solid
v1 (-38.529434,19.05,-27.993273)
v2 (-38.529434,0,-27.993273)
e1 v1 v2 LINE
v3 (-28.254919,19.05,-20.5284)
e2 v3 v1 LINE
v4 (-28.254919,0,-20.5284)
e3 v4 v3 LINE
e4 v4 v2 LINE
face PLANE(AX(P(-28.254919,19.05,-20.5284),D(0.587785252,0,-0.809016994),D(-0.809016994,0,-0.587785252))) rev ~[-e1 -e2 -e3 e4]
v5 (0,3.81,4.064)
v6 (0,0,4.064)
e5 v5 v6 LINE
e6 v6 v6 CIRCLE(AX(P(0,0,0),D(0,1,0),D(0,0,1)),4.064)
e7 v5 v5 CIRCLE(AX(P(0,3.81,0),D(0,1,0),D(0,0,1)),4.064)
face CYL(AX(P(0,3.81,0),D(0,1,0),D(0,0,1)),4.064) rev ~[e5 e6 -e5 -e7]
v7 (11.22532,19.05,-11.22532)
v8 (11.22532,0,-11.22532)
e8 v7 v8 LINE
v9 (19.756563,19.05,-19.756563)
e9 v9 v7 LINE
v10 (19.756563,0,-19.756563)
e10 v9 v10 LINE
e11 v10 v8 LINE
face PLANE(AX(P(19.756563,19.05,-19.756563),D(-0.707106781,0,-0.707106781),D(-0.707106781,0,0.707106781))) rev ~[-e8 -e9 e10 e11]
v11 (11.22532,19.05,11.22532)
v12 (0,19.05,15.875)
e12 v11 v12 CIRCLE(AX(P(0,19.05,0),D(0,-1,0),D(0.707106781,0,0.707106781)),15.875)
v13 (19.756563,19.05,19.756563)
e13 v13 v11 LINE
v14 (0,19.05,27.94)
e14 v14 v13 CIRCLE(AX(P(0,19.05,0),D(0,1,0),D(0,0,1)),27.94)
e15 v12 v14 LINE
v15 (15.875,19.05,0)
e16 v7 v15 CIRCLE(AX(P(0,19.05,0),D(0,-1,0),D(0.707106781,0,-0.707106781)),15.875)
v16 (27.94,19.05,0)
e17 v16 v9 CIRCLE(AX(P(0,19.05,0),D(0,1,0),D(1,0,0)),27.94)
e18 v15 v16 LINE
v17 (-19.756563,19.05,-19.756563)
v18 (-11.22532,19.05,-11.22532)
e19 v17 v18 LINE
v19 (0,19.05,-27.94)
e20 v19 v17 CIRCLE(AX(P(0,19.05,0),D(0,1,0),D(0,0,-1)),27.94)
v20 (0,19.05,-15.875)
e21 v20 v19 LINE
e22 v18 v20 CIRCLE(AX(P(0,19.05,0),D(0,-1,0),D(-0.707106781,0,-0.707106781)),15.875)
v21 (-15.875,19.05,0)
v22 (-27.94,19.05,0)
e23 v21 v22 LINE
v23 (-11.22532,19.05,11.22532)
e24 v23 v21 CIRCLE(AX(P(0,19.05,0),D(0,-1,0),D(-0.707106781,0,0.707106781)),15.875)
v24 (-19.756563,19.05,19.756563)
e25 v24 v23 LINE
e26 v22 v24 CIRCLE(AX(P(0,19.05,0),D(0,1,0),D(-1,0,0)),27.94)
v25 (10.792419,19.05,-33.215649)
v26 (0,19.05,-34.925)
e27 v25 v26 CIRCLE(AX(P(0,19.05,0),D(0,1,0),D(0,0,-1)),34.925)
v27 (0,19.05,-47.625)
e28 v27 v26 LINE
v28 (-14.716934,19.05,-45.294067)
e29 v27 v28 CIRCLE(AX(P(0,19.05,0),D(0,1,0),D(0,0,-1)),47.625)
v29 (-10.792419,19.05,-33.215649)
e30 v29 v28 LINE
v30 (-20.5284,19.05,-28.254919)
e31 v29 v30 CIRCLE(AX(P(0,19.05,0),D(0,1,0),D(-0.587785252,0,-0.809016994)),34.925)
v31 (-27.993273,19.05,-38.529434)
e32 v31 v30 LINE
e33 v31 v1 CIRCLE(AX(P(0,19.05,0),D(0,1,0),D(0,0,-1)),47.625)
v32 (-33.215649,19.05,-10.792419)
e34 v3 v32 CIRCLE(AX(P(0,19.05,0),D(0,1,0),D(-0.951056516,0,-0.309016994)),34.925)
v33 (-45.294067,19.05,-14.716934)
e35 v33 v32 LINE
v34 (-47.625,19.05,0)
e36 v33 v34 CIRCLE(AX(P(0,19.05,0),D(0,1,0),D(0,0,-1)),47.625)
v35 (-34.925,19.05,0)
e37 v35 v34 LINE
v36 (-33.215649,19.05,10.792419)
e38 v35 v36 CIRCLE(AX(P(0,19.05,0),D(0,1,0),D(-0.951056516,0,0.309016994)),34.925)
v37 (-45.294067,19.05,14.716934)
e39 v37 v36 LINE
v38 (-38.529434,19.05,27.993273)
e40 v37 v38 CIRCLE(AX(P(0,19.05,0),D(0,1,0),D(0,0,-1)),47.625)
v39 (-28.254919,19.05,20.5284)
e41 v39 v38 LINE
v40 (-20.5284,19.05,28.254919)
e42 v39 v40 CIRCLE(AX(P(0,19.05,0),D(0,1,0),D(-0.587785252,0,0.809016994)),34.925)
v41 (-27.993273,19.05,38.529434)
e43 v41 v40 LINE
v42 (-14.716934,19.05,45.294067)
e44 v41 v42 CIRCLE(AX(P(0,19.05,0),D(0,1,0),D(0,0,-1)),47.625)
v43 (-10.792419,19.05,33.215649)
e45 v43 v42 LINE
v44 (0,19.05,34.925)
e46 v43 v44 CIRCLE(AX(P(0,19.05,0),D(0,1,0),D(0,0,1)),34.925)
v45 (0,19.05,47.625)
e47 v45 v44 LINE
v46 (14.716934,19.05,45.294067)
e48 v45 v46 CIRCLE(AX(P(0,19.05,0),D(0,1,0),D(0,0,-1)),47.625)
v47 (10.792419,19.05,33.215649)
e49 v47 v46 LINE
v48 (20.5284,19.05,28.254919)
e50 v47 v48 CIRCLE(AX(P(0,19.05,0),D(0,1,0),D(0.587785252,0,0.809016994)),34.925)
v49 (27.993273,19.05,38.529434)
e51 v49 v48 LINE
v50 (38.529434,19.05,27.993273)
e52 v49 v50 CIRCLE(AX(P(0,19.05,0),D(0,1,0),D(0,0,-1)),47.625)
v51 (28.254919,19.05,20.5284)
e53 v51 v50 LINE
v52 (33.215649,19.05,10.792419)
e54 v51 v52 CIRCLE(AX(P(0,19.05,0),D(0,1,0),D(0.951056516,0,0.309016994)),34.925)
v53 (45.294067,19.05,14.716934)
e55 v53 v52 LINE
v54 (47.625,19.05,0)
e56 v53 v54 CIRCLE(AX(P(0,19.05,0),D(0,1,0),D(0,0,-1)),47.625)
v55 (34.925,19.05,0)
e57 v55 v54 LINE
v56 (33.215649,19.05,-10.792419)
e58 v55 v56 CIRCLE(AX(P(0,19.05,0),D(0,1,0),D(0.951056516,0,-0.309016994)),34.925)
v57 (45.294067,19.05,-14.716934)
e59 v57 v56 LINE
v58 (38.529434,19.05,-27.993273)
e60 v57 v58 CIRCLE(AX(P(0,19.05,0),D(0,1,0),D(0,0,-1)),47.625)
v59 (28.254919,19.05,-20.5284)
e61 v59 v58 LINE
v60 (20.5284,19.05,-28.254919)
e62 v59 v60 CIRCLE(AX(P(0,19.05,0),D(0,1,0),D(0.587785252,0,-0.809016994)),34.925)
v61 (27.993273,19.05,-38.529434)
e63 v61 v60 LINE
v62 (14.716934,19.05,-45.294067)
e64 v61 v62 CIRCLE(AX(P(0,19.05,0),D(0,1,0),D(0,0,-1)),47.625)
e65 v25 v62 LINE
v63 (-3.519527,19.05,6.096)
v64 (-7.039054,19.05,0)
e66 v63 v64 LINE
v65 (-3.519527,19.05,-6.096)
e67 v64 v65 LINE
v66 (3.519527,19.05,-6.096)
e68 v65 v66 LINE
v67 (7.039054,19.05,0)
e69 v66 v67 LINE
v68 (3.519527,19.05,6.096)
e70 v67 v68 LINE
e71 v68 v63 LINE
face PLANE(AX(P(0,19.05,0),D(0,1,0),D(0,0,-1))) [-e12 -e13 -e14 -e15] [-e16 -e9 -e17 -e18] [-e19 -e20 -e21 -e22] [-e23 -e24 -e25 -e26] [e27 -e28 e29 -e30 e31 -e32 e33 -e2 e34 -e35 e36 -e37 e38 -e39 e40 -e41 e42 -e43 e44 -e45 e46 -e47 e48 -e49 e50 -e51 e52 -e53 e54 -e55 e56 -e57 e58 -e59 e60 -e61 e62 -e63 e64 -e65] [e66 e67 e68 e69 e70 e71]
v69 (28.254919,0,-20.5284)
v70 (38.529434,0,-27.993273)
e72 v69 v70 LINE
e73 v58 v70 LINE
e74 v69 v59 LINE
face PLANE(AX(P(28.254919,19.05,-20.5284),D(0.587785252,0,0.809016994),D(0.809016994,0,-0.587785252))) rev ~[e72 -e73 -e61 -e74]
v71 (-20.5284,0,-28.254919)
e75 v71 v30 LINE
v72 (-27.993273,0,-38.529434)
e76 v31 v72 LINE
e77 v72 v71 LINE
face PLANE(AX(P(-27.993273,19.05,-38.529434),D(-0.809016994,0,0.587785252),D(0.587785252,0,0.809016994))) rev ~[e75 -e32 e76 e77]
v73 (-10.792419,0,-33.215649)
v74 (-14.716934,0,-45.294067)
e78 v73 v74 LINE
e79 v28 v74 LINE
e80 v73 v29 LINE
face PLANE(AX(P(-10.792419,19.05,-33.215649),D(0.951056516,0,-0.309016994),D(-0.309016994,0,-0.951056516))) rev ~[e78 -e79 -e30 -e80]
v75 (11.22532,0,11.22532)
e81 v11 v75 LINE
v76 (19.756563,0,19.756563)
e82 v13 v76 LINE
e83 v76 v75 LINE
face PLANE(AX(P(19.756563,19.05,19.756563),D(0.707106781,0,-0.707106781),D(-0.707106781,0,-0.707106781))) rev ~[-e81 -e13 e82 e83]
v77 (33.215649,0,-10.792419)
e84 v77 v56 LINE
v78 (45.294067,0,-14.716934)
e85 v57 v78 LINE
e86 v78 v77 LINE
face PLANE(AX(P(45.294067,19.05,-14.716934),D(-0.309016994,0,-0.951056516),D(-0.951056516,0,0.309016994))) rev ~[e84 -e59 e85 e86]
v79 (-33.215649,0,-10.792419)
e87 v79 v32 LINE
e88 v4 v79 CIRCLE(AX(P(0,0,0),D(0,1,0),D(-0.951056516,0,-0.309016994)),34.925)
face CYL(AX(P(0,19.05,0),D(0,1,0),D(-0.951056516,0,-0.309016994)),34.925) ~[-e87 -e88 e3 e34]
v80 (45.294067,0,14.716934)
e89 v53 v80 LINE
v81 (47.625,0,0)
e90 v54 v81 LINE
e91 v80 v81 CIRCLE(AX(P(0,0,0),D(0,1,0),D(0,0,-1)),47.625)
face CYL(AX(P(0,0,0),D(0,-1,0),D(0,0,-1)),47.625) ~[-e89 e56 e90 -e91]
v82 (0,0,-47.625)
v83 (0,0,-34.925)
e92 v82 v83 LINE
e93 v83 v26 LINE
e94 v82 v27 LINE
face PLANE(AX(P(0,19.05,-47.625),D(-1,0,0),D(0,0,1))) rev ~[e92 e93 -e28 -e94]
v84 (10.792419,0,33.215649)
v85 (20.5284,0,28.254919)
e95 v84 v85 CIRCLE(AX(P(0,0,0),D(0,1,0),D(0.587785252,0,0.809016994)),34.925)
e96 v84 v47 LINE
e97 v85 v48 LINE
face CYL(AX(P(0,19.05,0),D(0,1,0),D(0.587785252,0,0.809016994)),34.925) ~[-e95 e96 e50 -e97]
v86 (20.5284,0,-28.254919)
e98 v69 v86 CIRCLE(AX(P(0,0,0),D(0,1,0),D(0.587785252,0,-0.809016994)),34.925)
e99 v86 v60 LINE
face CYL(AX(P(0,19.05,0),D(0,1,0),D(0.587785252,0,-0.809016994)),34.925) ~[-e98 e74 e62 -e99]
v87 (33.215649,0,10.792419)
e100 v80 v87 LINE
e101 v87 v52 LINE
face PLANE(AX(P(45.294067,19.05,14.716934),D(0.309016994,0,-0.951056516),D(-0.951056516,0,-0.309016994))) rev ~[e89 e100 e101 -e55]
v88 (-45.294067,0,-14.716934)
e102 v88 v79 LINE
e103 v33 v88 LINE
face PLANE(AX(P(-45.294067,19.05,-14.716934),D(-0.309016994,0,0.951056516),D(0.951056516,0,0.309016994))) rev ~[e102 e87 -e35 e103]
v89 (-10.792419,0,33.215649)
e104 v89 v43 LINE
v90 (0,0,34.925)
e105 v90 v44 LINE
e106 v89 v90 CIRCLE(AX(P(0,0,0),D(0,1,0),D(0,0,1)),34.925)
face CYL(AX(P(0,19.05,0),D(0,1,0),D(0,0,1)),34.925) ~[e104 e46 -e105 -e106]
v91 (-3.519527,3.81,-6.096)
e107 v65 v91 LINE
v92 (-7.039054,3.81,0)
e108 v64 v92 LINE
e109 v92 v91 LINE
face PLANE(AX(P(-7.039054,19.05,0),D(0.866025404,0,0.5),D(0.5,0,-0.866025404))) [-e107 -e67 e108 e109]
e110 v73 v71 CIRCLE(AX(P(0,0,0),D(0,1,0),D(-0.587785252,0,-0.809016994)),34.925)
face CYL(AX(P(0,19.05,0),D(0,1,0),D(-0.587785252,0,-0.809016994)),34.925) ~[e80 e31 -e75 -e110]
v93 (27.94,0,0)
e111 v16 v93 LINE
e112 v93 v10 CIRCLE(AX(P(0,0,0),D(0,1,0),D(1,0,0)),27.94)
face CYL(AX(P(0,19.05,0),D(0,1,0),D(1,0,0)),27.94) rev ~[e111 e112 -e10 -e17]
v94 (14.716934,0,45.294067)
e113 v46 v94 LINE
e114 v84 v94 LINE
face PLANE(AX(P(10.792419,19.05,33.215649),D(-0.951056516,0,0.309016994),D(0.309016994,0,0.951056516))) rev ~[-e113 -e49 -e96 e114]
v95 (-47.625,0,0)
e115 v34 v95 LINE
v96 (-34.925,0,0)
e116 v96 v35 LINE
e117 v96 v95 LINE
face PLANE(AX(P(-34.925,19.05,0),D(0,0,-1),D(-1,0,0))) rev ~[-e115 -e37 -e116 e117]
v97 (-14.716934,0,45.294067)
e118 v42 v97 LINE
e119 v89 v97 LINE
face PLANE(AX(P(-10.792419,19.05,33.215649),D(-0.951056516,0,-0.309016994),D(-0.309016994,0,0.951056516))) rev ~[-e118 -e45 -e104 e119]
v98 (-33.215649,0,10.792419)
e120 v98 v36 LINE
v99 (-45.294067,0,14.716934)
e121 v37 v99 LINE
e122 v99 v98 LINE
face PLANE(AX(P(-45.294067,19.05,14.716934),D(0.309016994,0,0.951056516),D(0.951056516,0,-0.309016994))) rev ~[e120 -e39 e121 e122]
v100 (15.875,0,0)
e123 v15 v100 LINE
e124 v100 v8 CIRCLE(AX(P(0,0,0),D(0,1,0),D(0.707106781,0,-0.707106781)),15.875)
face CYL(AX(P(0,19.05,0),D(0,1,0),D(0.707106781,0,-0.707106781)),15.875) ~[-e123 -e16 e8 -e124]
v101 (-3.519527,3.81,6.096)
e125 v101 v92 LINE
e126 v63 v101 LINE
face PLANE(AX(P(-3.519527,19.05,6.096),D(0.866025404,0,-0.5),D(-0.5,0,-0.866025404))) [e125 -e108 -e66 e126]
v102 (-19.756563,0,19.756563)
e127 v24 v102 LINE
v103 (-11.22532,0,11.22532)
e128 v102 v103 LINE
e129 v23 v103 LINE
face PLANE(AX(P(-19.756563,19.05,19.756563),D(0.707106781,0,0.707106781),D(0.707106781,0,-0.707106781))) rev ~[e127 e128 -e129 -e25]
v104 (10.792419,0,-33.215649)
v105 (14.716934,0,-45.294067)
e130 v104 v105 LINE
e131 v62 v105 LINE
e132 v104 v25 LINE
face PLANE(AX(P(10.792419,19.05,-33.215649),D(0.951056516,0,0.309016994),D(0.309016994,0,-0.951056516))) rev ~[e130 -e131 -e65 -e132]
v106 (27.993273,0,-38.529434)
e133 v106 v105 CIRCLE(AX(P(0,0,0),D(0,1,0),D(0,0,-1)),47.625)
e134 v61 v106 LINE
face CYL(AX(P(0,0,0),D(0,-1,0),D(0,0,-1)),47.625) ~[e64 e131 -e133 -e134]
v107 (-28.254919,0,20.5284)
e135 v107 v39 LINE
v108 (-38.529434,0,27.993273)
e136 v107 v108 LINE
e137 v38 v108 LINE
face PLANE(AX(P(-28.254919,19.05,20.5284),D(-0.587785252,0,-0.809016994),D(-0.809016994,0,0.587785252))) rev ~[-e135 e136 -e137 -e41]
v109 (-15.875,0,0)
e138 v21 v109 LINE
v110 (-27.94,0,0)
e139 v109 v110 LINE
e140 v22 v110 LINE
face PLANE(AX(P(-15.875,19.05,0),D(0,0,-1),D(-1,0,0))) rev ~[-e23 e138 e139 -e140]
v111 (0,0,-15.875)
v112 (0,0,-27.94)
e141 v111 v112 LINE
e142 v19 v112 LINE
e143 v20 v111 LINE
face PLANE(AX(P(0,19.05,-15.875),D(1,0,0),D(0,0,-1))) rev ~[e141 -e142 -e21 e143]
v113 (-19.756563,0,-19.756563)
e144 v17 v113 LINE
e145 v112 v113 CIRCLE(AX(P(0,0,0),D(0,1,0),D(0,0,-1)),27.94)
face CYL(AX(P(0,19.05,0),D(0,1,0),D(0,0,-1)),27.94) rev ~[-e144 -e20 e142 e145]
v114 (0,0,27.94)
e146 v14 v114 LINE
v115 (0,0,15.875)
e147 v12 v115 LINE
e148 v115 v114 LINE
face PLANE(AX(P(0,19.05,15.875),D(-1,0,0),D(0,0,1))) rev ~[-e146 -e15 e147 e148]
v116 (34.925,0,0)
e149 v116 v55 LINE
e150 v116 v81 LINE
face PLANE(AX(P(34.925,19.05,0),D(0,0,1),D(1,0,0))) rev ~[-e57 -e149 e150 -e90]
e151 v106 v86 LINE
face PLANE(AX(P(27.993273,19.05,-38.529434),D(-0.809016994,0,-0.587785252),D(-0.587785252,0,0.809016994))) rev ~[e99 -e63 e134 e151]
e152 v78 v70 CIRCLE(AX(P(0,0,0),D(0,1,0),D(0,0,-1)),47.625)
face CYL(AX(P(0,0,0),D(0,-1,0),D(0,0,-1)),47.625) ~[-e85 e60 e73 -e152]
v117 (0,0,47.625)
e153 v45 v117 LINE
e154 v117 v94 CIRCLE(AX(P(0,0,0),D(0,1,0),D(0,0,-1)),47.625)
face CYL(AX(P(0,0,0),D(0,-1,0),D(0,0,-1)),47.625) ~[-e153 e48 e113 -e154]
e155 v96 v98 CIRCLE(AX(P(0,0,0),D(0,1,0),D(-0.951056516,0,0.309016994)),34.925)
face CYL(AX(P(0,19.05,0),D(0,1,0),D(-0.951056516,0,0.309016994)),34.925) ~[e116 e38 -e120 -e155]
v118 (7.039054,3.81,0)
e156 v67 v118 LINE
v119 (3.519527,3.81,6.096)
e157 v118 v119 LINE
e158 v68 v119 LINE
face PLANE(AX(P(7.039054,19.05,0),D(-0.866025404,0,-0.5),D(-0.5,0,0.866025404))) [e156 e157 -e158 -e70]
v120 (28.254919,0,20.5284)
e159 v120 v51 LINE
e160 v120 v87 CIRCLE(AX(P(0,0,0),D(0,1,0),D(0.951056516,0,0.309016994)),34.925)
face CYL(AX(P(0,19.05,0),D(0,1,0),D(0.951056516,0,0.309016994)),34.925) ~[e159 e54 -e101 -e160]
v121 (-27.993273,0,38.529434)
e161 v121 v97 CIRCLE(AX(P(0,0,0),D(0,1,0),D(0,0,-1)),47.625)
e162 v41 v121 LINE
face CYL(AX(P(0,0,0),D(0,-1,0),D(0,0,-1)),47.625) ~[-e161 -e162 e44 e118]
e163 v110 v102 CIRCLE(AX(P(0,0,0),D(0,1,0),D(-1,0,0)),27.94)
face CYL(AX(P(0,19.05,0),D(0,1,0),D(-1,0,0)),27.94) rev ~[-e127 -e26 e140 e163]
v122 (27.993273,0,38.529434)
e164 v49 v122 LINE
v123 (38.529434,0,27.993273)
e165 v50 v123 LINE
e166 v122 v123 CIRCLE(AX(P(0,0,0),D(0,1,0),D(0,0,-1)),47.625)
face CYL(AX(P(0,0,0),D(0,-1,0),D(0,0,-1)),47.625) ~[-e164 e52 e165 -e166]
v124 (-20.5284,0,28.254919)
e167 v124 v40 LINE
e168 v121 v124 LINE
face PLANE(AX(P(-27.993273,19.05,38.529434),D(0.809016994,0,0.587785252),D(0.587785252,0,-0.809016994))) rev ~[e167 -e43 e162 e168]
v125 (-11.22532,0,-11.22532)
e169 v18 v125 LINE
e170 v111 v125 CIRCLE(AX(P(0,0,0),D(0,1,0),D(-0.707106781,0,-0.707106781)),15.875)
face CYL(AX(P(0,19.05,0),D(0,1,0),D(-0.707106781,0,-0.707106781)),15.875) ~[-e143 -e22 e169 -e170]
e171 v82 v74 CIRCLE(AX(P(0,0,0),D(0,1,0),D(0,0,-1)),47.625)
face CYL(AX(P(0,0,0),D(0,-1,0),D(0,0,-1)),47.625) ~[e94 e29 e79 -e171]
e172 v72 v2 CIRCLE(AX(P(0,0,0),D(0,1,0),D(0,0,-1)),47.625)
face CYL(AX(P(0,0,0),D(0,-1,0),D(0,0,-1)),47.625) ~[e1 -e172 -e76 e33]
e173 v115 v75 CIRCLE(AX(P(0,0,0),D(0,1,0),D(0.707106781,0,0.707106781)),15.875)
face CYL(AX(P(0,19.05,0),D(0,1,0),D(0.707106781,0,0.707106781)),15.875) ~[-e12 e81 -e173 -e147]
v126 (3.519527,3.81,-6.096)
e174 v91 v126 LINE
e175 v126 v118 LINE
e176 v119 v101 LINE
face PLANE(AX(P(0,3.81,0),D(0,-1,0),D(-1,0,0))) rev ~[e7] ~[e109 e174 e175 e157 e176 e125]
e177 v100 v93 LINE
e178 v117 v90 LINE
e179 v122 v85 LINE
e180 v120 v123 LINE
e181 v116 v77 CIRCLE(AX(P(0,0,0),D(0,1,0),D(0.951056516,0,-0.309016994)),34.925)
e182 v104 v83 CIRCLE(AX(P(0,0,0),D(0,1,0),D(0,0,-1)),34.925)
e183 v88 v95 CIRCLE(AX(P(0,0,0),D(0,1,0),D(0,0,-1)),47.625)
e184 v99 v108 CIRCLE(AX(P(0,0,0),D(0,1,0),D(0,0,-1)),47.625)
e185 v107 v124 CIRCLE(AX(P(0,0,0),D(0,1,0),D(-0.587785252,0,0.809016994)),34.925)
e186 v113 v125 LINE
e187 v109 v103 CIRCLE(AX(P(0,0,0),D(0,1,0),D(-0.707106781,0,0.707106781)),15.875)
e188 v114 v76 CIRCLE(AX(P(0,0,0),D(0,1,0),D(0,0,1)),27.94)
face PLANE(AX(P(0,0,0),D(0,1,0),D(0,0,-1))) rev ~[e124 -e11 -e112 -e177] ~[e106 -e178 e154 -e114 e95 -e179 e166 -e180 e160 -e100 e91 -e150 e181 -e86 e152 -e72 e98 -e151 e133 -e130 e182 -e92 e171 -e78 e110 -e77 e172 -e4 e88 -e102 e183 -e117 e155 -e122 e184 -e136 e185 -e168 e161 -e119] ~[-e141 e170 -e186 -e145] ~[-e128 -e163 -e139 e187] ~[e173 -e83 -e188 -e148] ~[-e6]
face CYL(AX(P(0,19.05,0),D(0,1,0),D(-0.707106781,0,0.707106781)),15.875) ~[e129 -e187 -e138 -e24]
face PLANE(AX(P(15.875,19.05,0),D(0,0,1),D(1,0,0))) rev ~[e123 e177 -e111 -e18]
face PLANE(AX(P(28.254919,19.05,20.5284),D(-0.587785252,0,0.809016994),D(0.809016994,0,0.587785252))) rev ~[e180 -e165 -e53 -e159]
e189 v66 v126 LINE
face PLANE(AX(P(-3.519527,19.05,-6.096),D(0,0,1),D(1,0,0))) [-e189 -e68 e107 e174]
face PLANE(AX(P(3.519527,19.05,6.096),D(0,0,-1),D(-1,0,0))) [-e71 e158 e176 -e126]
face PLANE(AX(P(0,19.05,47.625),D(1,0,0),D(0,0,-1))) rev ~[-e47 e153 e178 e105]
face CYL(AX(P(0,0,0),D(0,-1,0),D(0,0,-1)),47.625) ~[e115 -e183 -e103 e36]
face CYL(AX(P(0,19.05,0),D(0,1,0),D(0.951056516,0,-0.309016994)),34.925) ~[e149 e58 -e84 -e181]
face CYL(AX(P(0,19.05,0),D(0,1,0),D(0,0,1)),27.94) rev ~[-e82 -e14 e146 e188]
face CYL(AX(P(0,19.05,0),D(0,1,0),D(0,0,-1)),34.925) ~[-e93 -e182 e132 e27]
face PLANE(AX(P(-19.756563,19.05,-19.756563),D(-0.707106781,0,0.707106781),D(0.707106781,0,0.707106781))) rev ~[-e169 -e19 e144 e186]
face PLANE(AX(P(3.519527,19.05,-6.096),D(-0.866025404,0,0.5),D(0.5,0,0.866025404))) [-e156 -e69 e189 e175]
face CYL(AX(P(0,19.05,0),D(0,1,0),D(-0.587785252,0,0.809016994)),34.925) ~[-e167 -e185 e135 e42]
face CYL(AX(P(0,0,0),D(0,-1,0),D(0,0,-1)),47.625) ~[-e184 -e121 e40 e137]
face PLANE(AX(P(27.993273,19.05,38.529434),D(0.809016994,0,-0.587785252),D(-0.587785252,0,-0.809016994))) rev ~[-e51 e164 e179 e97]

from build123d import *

# Parameters (mm, degrees)
SKETCH1_R           = 47.625
BOSS_EXTRUDE1_DEPTH = 19.05
CUT_EXTRUDE1_DEPTH  = 70.9941694
CIRPATTERN1_COUNT   = 10
CUT_EXTRUDE2_DEPTH  = 15.24
SKETCH5_R           = 4.064
CUT_EXTRUDE3_DEPTH  = 70.054607739
CUT_EXTRUDE4_DEPTH  = 70.9941694


with BuildPart() as part:
    # Sketch1 → Boss-Extrude1 (new body)
    with BuildSketch(Plane(origin=(0, 0, 0), x_dir=(1, 0, 0), z_dir=(0, 1, 0))):
        with Locations(Location((0, 0, 0), (0, 0, 90))):
            Circle(SKETCH1_R)
    extrude(amount=BOSS_EXTRUDE1_DEPTH)

    # Sketch3 → Cut-Extrude1 (cut, symmetric)
    with BuildSketch(Plane(origin=(0, 19.05, 0), x_dir=(1, 0, 0), z_dir=(0, 1, 0))):
        with BuildLine():
            Line((0, 47.625), (0, 34.925))
            ThreePointArc((0, 34.925), (5.463473692, 34.495015295), (10.792418529, 33.215648832))
            Line((10.792418529, 33.215648832), (14.716934357, 45.294066589))
            ThreePointArc((14.716934357, 45.294066589), (7.450191398, 47.038657221), (0, 47.625))
        make_face()
    cut_extrude1 = extrude(amount=CUT_EXTRUDE1_DEPTH, both=True, mode=Mode.SUBTRACT)

    # CirPattern1: Cut-Extrude1 ×10 about axis
    cirpattern1_axis = Axis((0, 0, 0), (0, 1, 0))
    for i in range(1, CIRPATTERN1_COUNT):
        add(cut_extrude1.rotate(cirpattern1_axis, i * 360 / CIRPATTERN1_COUNT), mode=Mode.SUBTRACT)

    # Sketch4 → Cut-Extrude2 (cut)
    with BuildSketch(Plane(origin=(0, 19.05, 0), x_dir=(1, 0, 0), z_dir=(0, 1, 0))):
        Polygon((-3.519527241, 6.096), (3.519527241, 6.096), (7.039054482, 0), (3.519527241, -6.096), (-3.519527241, -6.096), (-7.039054482, 0), align=None)
    extrude(amount=-CUT_EXTRUDE2_DEPTH, mode=Mode.SUBTRACT)

    # Sketch5 → Cut-Extrude3 (cut, through all)
    with BuildSketch(Plane(origin=(0, 3.81, 0), x_dir=(1, 0, 0), z_dir=(0, 1, 0))):
        with Locations(Location((0, 0, 0), (0, 0, 270))):
            Circle(SKETCH5_R)
    extrude(amount=-CUT_EXTRUDE3_DEPTH, mode=Mode.SUBTRACT)

    # Sketch6 → Cut-Extrude4 (cut, through all)
    with BuildSketch(Plane(origin=(0, 19.05, 0), x_dir=(1, 0, 0), z_dir=(0, 1, 0))):
        with BuildLine():
            ThreePointArc((-11.225320151, 11.225320151), (-6.075099489, 14.666587579), (0, 15.875))
            Line((0, 15.875), (0, 27.94))
            ThreePointArc((0, 27.94), (-10.6921751, 25.813194138), (-19.756563466, 19.756563466))
            Line((-19.756563466, 19.756563466), (-11.225320151, 11.225320151))
        make_face()
        with BuildLine():
            Line((19.756563466, 19.756563466), (11.225320151, 11.225320151))
            ThreePointArc((11.225320151, 11.225320151), (14.666587579, 6.075099489), (15.875, 0))
            Line((15.875, 0), (27.94, 0))
            ThreePointArc((27.94, 0), (25.813194138, 10.6921751), (19.756563466, 19.756563466))
        make_face()
        with BuildLine():
            Line((19.756563466, -19.756563466), (11.225320151, -11.225320151))
            ThreePointArc((11.225320151, -11.225320151), (6.075099489, -14.666587579), (0, -15.875))
            Line((0, -15.875), (0, -27.94))
            ThreePointArc((0, -27.94), (10.6921751, -25.813194138), (19.756563466, -19.756563466))
        make_face()
        with BuildLine():
            Line((-19.756563466, -19.756563466), (-11.225320151, -11.225320151))
            ThreePointArc((-11.225320151, -11.225320151), (-14.666587579, -6.075099489), (-15.875, 0))
            Line((-15.875, 0), (-27.94, 0))
            ThreePointArc((-27.94, 0), (-25.813194138, -10.6921751), (-19.756563466, -19.756563466))
        make_face()
    extrude(amount=-CUT_EXTRUDE4_DEPTH, mode=Mode.SUBTRACT)


solid = part.part
